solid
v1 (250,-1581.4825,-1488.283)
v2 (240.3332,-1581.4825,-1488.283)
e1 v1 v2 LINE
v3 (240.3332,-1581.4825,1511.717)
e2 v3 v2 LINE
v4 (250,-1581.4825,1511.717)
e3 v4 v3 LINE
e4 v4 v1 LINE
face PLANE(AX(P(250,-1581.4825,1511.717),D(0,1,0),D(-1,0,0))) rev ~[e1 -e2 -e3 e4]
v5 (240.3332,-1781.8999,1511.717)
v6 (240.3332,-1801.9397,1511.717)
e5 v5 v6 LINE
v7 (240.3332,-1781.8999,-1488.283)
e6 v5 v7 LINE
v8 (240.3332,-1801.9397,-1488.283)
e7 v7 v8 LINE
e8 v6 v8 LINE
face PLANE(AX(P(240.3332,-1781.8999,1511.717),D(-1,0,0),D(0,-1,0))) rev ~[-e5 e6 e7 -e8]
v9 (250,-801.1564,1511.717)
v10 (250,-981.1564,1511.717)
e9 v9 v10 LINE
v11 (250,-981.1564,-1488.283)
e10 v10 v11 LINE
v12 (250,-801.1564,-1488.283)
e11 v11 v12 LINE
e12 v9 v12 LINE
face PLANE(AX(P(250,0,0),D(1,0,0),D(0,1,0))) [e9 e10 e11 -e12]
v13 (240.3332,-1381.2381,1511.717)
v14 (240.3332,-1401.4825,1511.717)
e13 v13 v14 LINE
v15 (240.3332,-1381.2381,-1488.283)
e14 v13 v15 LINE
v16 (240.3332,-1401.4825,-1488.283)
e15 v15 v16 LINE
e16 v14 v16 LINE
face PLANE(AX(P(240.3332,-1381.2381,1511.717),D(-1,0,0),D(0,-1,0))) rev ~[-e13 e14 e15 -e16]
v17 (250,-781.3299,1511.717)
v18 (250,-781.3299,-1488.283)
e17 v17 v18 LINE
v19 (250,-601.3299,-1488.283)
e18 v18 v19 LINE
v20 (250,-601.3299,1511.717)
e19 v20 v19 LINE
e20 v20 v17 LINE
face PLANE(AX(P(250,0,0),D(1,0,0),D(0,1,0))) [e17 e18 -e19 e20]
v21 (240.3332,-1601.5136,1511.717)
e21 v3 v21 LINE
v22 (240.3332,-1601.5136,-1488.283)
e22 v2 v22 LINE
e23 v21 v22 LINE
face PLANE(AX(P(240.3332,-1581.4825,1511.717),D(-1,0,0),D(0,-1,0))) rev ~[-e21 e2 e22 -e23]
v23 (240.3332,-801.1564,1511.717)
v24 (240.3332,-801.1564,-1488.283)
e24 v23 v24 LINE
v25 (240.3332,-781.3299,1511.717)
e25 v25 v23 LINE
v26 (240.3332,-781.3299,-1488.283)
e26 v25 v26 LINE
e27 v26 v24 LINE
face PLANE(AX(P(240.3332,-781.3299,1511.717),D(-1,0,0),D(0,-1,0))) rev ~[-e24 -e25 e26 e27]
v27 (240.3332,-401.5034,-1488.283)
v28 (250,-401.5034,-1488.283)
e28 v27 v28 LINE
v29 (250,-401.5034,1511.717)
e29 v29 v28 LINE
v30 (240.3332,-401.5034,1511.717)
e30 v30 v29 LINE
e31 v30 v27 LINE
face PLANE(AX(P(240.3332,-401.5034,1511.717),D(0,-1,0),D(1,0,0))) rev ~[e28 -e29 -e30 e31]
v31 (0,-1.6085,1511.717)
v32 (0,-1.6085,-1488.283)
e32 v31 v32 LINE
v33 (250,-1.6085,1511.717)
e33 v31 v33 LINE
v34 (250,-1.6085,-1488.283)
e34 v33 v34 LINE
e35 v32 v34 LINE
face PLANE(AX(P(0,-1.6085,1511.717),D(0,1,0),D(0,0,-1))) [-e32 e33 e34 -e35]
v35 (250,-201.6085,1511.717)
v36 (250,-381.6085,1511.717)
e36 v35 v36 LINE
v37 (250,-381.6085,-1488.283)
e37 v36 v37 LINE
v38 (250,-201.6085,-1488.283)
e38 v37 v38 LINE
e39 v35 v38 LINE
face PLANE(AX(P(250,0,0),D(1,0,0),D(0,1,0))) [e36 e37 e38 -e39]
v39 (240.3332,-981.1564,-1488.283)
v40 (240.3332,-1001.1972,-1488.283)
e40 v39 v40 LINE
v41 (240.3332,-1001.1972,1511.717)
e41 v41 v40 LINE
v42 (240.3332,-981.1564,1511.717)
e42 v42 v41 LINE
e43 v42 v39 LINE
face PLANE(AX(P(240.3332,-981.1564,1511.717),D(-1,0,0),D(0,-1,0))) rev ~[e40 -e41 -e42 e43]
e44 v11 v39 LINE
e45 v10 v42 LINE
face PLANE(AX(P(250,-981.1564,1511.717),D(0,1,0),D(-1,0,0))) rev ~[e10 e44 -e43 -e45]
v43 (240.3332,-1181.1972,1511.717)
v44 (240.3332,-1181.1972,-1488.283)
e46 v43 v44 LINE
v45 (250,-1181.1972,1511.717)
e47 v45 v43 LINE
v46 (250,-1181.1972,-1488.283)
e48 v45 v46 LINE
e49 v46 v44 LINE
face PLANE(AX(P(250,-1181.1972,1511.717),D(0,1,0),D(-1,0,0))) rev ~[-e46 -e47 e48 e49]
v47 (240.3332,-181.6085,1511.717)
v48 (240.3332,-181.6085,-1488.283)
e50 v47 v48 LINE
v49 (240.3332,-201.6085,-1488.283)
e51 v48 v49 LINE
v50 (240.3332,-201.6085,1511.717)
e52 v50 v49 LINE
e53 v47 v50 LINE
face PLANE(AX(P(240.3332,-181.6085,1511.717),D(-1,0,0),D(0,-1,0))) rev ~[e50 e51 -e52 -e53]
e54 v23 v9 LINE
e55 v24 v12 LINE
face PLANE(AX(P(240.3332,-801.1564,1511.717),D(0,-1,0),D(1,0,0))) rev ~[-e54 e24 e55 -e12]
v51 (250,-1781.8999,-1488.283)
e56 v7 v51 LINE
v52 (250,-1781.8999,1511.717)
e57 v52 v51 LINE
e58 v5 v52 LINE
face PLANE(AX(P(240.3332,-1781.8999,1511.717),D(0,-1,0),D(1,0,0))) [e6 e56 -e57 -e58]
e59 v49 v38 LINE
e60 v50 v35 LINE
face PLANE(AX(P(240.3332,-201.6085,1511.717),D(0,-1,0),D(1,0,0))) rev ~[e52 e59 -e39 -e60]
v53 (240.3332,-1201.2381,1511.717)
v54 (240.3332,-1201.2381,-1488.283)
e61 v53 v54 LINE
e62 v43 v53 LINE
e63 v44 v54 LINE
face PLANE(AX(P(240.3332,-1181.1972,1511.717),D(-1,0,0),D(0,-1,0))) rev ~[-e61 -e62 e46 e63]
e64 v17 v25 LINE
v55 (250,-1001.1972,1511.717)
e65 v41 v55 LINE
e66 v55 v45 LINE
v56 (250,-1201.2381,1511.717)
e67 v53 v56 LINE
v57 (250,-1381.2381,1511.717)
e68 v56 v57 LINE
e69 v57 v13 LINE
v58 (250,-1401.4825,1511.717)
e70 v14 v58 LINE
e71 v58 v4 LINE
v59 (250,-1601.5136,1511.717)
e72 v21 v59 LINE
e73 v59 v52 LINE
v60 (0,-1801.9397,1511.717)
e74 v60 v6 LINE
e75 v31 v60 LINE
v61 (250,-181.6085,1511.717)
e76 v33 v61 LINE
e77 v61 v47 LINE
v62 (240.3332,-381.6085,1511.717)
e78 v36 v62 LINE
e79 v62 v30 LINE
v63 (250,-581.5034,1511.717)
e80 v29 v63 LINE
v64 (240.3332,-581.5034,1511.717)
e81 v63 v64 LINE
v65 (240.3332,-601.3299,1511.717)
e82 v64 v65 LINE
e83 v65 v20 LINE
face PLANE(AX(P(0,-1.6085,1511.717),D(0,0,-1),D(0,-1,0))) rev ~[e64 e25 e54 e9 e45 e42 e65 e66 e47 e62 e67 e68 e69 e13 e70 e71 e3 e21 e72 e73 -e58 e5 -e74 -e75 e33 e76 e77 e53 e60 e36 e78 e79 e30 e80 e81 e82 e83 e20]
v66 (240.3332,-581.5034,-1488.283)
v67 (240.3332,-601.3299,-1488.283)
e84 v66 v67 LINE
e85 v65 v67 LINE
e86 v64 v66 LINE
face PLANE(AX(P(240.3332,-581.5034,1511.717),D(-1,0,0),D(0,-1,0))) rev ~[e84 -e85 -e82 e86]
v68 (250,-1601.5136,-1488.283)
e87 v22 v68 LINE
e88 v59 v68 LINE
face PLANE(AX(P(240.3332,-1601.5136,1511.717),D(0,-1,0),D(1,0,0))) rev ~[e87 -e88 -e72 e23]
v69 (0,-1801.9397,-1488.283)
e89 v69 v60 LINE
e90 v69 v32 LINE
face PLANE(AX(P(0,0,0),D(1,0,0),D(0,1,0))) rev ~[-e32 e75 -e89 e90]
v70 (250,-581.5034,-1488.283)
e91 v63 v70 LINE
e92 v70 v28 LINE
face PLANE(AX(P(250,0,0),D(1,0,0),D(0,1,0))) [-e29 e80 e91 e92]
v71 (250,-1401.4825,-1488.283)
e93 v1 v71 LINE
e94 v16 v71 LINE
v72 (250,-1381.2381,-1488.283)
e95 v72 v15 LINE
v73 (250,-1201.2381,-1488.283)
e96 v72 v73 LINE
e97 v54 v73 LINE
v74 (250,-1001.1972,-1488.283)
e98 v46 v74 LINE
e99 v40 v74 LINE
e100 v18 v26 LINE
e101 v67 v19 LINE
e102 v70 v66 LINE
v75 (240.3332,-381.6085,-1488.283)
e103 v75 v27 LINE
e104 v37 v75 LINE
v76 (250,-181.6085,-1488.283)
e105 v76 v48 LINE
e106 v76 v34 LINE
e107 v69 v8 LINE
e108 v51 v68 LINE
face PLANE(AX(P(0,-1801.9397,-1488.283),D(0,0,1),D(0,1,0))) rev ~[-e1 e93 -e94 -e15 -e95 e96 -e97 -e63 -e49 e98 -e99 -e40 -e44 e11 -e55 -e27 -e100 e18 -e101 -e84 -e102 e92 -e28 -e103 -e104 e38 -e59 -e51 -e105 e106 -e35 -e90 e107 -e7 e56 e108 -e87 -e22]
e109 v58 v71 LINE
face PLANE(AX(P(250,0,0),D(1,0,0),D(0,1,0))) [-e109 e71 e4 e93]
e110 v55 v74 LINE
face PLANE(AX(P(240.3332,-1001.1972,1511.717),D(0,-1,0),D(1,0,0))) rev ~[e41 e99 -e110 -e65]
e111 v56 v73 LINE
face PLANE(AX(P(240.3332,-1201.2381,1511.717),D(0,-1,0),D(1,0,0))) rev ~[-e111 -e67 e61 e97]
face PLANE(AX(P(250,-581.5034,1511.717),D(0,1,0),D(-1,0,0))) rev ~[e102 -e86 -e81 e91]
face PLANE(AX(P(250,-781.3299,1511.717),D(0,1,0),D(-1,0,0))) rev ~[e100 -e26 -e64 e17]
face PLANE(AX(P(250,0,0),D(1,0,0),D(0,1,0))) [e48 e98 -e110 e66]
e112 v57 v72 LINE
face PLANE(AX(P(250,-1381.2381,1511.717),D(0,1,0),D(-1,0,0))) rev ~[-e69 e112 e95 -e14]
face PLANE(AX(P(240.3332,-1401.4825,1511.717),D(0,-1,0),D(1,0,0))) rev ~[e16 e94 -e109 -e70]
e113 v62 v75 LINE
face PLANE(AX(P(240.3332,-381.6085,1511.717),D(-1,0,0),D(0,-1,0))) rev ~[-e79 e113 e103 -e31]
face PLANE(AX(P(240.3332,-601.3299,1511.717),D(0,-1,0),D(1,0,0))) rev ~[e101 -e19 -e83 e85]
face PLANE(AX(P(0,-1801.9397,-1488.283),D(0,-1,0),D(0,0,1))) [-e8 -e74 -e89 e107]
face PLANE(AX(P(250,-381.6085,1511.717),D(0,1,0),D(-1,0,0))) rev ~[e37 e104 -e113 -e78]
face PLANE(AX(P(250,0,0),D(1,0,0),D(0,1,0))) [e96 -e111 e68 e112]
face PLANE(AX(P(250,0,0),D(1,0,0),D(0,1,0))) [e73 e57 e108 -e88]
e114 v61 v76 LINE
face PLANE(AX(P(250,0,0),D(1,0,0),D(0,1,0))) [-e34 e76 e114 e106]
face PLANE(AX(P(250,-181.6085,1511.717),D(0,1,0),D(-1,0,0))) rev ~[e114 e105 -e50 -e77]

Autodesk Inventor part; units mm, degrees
ref_plane "YZ Plane" through (0, 0, 0) normal (1, 0, 0) x (0, 1, 0)
ref_plane "XZ Plane" through (0, 0, 0) normal (0, 1, 0) x (-1, 0, 0)
ref_plane "XY Plane" through (0, 0, 0) normal (0, 0, 1) x (1, 0, 0)
sketch "Sketch1" plane through (0, 0, 0) normal (1, 0, 0) x (0, 1, 0)
  line L0 (-1801.9397, -1488.283) -> (-1801.9397, 1511.717)
  line L1 (-1.6085, 1511.717) -> (-1801.9397, 1511.717)
  line L2 (-1801.9397, -1488.283) -> (-1.6085, -1488.283)
  line L3 (-1.6085, 1511.717) -> (-1.6085, -1488.283)
  point P0 (0, 0)
extrude "Extrusion1" add sketch "Sketch1" along normal blind 250
sketch "Sketch2" plane through (0, -1801.9397, 1511.717) normal (0, 0, 1) x (1, 0, 0)
  line L0 (0, 0) -> (250, 0) projected
  line L1 (250, 1800.3312) -> (250, 0) projected
  line L2 (0, 1800.3312) -> (250, 1800.3312) projected
  line L3 (0, 1800.3312) -> (250, 1800.3312) projected
  line L4 (0, 1800.3312) -> (250, 1800.3312)
  line L5 (250, 1800.3312) -> (250, 1620.3312)
  line L6 (250, 0) -> (250, 1800.3312) projected
  line L7 (250, 1620.3312) -> (240.3332, 1620.3312)
  line L8 (240.3332, 1620.3312) -> (240.3332, 1600.3312)
  line L9 (240.3332, 1600.3312) -> (250, 1600.3312)
  line L10 (250, 1600.3312) -> (250, 1420.3312)
  line L11 (250, 1420.3312) -> (240.3332, 1420.3312)
  line L12 (240.3332, 1420.3312) -> (240.3332, 1400.4363)
  line L13 (240.3332, 1400.4363) -> (250, 1400.4363)
  line L14 (250, 1400.4363) -> (250, 1220.4363)
  line L15 (250, 1220.4363) -> (240.3332, 1220.4363)
  line L16 (240.3332, 1220.4363) -> (240.3332, 1200.6098)
  line L17 (240.3332, 1200.6098) -> (250, 1200.6098)
  line L18 (250, 1200.6098) -> (250, 1020.6098)
  line L19 (250, 1020.6098) -> (240.3332, 1020.6098)
  line L20 (240.3332, 1020.6098) -> (240.3332, 1000.7833)
  line L21 (240.3332, 1000.7833) -> (250, 1000.7833)
  line L22 (250, 1000.7833) -> (250, 820.7833)
  line L23 (250, 820.7833) -> (240.3332, 820.7833)
  line L24 (240.3332, 820.7833) -> (240.3332, 800.7425)
  line L25 (240.3332, 800.7425) -> (250, 800.7425)
  line L26 (250, 800.7425) -> (250, 620.7425)
  line L27 (250, 620.7425) -> (240.3332, 620.7425)
  line L28 (240.3332, 620.7425) -> (240.3332, 600.7016)
  line L29 (240.3332, 600.7016) -> (250, 600.7016)
  line L30 (250, 600.7016) -> (250, 420.7016)
  line L31 (250, 420.7016) -> (240.3332, 420.7016)
  line L32 (240.3332, 420.7016) -> (240.3332, 400.4572)
  line L33 (240.3332, 400.4572) -> (250, 400.4572)
  line L34 (250, 400.4572) -> (250, 220.4572)
  line L35 (250, 220.4572) -> (240.3332, 220.4572)
  line L36 (240.3332, 220.4572) -> (240.3332, 200.4261)
  line L37 (240.3332, 200.4261) -> (250, 200.4261)
  line L38 (250, 200.4261) -> (250, 20.0398)
  line L39 (240.3332, 20.0398) -> (240.3332, 0)
  line L40 (240.3332, 20.0398) -> (250, 20.0398)
  line L41 (250, 0) -> (240.3332, 0)
  line L42 (250, 0.5032) -> (250, 1620.3312)
  point P0 (0, 1801.9397)
  dimension "d2" = 180
  dimension "d3" = 20
  dimension "d4" = 180
  dimension "d5" = 180
  dimension "d6" = 180
  dimension "d7" = 180
  dimension "d8" = 180
  dimension "d9" = 180
  dimension "d10" = 180
extrude "Extrusion2" cut sketch "Sketch2" against normal through all
properties part number "side_wall_block_02" material "Wood (Maple)"
